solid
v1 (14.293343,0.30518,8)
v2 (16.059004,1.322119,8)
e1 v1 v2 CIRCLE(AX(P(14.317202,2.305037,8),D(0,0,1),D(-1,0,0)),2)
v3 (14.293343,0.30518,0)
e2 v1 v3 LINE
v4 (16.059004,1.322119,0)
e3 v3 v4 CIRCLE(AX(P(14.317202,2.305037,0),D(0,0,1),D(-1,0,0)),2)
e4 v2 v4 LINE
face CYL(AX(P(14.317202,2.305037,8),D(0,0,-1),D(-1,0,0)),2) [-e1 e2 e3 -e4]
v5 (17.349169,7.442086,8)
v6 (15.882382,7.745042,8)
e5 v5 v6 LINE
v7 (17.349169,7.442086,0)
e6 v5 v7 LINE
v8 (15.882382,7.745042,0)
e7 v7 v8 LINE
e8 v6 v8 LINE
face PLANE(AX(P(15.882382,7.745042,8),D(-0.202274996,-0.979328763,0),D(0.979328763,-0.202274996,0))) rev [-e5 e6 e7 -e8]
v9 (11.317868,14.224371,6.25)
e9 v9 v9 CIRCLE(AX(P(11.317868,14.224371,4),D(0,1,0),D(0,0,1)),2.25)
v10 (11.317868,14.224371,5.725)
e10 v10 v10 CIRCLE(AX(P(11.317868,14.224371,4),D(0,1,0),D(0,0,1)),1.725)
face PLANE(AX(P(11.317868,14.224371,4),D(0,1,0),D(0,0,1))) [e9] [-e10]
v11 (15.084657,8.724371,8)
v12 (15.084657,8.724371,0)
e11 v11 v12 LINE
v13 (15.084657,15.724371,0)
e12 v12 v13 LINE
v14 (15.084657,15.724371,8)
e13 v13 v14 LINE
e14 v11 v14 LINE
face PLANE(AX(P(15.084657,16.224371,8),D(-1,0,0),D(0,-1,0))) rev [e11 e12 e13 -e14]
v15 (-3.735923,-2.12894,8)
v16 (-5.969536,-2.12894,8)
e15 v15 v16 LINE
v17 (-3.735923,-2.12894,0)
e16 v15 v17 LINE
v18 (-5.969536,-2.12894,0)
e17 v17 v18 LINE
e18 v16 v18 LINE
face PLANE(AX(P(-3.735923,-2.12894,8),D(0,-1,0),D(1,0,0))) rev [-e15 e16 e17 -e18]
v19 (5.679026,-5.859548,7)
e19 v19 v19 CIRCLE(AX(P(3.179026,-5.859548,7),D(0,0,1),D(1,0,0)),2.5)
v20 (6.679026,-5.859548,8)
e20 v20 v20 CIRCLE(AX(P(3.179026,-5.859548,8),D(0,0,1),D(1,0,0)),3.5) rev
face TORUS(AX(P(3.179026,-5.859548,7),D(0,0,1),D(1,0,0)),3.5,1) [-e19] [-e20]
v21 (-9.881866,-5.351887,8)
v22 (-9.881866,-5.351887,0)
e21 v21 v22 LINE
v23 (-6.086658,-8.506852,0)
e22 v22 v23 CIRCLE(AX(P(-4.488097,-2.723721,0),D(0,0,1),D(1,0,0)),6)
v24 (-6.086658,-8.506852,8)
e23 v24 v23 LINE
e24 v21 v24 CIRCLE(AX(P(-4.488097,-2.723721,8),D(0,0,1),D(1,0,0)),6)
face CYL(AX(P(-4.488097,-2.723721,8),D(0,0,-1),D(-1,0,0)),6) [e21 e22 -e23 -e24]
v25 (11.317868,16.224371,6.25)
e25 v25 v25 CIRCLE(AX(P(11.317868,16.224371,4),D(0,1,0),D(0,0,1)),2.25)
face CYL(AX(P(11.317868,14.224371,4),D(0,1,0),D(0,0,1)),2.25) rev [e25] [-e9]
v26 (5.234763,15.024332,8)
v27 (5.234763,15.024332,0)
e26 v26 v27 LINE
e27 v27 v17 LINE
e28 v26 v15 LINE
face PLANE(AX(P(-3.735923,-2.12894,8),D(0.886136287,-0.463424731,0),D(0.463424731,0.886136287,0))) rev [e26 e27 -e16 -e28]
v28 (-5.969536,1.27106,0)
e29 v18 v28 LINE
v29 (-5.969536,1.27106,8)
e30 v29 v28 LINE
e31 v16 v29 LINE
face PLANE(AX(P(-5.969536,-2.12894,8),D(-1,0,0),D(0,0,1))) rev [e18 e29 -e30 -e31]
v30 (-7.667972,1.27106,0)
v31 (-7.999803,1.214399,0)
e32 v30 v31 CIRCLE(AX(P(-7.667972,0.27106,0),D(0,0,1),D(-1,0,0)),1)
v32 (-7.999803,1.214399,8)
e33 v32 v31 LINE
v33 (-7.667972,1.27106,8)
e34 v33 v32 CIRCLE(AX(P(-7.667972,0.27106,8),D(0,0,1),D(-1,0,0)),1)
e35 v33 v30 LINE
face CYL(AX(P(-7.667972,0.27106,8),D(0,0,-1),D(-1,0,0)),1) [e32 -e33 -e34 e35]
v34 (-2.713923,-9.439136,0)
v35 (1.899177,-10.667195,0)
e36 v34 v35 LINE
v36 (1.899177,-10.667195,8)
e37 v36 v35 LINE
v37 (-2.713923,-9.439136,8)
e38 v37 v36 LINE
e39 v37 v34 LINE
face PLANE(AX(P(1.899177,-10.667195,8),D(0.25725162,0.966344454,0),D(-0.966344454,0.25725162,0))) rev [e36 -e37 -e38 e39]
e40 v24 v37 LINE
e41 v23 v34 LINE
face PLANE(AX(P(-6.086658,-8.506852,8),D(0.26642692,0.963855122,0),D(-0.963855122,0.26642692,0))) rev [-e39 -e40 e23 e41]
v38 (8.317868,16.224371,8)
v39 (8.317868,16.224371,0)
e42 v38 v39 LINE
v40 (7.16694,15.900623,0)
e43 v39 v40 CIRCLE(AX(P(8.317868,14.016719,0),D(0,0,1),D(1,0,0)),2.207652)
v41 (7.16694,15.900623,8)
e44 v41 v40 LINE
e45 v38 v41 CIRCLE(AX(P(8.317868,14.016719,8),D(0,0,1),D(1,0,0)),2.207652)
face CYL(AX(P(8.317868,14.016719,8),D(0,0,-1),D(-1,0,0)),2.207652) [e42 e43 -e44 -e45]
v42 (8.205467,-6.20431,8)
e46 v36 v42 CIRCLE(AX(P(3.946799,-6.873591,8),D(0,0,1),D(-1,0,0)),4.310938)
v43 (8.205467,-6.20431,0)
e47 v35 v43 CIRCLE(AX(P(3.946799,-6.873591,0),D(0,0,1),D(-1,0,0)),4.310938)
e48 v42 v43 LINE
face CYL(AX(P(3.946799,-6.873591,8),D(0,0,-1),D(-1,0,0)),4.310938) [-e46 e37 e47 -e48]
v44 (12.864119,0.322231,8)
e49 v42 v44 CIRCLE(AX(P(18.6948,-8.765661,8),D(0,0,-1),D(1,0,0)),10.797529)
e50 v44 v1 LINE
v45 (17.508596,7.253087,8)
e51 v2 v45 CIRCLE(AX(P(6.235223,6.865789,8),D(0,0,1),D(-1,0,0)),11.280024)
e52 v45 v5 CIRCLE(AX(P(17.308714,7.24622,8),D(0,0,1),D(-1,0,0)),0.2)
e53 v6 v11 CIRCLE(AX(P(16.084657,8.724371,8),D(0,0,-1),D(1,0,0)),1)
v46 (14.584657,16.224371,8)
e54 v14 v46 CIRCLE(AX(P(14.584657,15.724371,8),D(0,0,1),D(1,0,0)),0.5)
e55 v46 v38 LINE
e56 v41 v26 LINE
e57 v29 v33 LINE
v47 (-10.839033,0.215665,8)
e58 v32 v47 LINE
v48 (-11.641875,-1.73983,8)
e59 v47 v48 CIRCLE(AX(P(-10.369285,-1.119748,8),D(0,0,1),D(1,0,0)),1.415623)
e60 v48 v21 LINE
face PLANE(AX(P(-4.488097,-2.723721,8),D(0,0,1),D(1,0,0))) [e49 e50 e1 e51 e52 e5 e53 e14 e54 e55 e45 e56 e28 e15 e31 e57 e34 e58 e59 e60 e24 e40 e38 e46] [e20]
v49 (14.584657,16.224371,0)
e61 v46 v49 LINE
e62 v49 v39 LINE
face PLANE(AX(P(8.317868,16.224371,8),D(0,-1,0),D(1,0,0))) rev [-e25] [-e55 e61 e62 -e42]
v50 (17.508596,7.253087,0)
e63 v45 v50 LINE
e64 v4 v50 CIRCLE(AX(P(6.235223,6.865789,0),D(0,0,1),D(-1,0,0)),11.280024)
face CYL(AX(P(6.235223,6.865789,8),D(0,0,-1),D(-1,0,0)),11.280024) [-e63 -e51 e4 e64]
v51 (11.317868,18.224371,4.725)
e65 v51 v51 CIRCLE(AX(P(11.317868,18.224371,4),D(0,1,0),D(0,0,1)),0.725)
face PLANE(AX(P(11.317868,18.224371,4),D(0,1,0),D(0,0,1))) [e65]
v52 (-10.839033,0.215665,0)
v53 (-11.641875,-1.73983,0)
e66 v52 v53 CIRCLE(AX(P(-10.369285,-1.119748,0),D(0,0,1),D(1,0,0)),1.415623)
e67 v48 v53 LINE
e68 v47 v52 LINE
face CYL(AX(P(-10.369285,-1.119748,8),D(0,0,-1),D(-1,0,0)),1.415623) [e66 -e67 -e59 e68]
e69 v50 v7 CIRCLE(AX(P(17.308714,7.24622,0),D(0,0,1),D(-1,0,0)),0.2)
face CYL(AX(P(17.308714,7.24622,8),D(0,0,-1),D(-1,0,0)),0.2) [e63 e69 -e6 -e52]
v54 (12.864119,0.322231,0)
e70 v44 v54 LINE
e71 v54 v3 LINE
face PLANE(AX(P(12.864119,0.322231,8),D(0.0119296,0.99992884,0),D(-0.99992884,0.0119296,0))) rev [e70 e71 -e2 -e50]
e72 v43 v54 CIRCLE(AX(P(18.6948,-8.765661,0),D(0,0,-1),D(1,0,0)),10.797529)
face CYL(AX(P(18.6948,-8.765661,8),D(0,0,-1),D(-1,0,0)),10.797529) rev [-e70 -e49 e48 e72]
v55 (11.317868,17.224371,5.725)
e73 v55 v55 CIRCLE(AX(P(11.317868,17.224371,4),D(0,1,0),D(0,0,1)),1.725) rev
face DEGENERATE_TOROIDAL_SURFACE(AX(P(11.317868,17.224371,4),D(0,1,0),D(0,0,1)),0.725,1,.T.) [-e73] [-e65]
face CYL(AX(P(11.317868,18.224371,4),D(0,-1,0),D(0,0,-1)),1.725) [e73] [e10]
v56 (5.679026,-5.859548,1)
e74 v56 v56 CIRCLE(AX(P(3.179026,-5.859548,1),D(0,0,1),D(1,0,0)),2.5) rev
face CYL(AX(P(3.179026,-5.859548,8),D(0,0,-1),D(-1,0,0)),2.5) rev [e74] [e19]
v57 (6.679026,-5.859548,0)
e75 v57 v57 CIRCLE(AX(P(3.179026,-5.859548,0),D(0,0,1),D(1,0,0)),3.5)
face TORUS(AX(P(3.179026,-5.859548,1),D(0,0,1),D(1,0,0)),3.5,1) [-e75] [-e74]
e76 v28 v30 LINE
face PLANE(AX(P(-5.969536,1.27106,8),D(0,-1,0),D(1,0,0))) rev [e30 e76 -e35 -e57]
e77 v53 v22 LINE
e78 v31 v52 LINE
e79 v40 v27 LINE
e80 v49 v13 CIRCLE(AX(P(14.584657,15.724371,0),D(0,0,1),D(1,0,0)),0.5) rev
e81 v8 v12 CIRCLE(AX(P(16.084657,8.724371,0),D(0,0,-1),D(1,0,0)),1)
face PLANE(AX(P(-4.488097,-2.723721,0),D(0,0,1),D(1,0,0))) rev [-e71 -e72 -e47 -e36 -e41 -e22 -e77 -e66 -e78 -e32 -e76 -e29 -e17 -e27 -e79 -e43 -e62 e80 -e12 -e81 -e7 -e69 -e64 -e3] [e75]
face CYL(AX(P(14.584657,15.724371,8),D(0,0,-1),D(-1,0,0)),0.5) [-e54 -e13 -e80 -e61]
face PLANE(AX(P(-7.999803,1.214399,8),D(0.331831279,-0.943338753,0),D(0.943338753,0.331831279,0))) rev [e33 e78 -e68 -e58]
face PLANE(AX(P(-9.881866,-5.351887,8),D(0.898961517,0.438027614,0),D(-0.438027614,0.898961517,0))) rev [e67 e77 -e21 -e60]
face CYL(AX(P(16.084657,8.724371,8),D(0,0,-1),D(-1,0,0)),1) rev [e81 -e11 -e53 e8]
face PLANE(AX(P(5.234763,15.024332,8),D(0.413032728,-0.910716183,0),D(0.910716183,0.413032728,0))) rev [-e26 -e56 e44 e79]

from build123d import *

# Parameters (mm, degrees)
SKETCH_2_R          = 2.5
EXTRUDE_1_DEPTH     = 8
SKETCH_9_R          = 2.25
CUT_EXTRUDE_6_DEPTH = 2
SKETCH_10_R         = 1.725
EXTRUDE_3_DEPTH     = 4
FILLET_9_R          = 1
FILLET_6_R          = 1
FILLET_11_R         = 0.5


with BuildPart() as part:
    # 스케치2 → 보스-돌출1 (new body)
    with BuildSketch(Plane.XY):
        with BuildLine():
            Line((8.317867543, 16.224371176), (13.7243035, 16.224371176))
            Line((13.7243035, 16.224371176), (15.084656802, 16.224371176))
            Line((15.084656802, 16.224371176), (15.084656802, 8.724371176))
            ThreePointArc((15.084656802, 8.724371176), (15.309326229, 8.092815555), (15.882381806, 7.745042413))
            Line((15.882381806, 7.745042413), (17.349168707, 7.442085607))
            ThreePointArc((17.349168707, 7.442085607), (17.461588205, 7.375174839), (17.508595785, 7.253086831))
            ThreePointArc((17.508595785, 7.253086831), (17.192711955, 4.187660486), (16.059003603, 1.322119239))
            ThreePointArc((16.059003603, 1.322119239), (15.315387006, 0.571939712), (14.29334298, 0.305179564))
            Line((14.29334298, 0.305179564), (12.864118803, 0.322230851))
            ThreePointArc((12.864118803, 0.322230851), (9.906475316, -2.49254573), (8.205466836, -6.204309777))
            ThreePointArc((8.205466836, -6.204309777), (6.437083645, -10.39249276), (1.899177239, -10.667194879))
            Line((1.899177239, -10.667194879), (-2.713922879, -9.439136425))
            Line((-2.713922879, -9.439136425), (-6.086658366, -8.506851574))
            ThreePointArc((-6.086658366, -8.506851574), (-8.323670203, -7.337653763), (-9.881865945, -5.351886527))
            Line((-9.881865945, -5.351886527), (-11.641875294, -1.739829609))
            ThreePointArc((-11.641875294, -1.739829609), (-11.678836202, -0.582101362), (-10.839032567, 0.21566468))
            Line((-10.839032567, 0.21566468), (-7.999803479, 1.214399245))
            ThreePointArc((-7.999803479, 1.214399245), (-7.836289234, 1.256793405), (-7.667972201, 1.271060492))
            Line((-7.667972201, 1.271060492), (-5.969536129, 1.271060492))
            Line((-5.969536129, 1.271060492), (-5.969536129, -2.128939508))
            Line((-5.969536129, -2.128939508), (-3.73592311, -2.128939508))
            Line((-3.73592311, -2.128939508), (5.234762536, 15.024331657))
            Line((5.234762536, 15.024331657), (7.166939789, 15.900622709))
            ThreePointArc((7.166939789, 15.900622709), (7.720069967, 16.141893375), (8.317867543, 16.224371176))
        make_face()
        with Locations((3.179026074, -5.859548474)):
            Circle(SKETCH_2_R, mode=Mode.SUBTRACT)
    extrude(amount=EXTRUDE_1_DEPTH)

    # 스케치9 → 컷-돌출6 (cut)
    with BuildSketch(Plane(origin=(0, 16.224371176, 0), x_dir=(1, 0, 0), z_dir=(0, 1, 0))):
        with Locations(Location((11.317867543, -4, 0), (0, 0, 270))):
            Circle(SKETCH_9_R)
    extrude(amount=-CUT_EXTRUDE_6_DEPTH, mode=Mode.SUBTRACT)

    # 스케치10 → 보스-돌출3 (add)
    with BuildSketch(Plane(origin=(0, 14.224371176, 0), x_dir=(1, 0, 0), z_dir=(0, 1, 0))):
        with Locations(Location((11.317867543, -4, 0), (0, 0, 270))):
            Circle(SKETCH_10_R)
    extrude(amount=EXTRUDE_3_DEPTH)

    # 필렛9
    fillet_9_edges = [part.edges().sort_by_distance(p)[0] for p in [
        (11.317867543, 18.224371176, 2.275),
    ]]
    fillet(fillet_9_edges, radius=FILLET_9_R)

    # 필렛6
    fillet_6_edges = [part.edges().sort_by_distance(p)[0] for p in [
        (0.679026074, -5.859548474, 0),
        (0.679026074, -5.859548474, 8),
    ]]
    fillet(fillet_6_edges, radius=FILLET_6_R)

    # 필렛11
    fillet_11_edges = [part.edges().sort_by_distance(p)[0] for p in [
        (15.084656802, 16.224371176, 4),
    ]]
    fillet(fillet_11_edges, radius=FILLET_11_R)


solid = part.part
